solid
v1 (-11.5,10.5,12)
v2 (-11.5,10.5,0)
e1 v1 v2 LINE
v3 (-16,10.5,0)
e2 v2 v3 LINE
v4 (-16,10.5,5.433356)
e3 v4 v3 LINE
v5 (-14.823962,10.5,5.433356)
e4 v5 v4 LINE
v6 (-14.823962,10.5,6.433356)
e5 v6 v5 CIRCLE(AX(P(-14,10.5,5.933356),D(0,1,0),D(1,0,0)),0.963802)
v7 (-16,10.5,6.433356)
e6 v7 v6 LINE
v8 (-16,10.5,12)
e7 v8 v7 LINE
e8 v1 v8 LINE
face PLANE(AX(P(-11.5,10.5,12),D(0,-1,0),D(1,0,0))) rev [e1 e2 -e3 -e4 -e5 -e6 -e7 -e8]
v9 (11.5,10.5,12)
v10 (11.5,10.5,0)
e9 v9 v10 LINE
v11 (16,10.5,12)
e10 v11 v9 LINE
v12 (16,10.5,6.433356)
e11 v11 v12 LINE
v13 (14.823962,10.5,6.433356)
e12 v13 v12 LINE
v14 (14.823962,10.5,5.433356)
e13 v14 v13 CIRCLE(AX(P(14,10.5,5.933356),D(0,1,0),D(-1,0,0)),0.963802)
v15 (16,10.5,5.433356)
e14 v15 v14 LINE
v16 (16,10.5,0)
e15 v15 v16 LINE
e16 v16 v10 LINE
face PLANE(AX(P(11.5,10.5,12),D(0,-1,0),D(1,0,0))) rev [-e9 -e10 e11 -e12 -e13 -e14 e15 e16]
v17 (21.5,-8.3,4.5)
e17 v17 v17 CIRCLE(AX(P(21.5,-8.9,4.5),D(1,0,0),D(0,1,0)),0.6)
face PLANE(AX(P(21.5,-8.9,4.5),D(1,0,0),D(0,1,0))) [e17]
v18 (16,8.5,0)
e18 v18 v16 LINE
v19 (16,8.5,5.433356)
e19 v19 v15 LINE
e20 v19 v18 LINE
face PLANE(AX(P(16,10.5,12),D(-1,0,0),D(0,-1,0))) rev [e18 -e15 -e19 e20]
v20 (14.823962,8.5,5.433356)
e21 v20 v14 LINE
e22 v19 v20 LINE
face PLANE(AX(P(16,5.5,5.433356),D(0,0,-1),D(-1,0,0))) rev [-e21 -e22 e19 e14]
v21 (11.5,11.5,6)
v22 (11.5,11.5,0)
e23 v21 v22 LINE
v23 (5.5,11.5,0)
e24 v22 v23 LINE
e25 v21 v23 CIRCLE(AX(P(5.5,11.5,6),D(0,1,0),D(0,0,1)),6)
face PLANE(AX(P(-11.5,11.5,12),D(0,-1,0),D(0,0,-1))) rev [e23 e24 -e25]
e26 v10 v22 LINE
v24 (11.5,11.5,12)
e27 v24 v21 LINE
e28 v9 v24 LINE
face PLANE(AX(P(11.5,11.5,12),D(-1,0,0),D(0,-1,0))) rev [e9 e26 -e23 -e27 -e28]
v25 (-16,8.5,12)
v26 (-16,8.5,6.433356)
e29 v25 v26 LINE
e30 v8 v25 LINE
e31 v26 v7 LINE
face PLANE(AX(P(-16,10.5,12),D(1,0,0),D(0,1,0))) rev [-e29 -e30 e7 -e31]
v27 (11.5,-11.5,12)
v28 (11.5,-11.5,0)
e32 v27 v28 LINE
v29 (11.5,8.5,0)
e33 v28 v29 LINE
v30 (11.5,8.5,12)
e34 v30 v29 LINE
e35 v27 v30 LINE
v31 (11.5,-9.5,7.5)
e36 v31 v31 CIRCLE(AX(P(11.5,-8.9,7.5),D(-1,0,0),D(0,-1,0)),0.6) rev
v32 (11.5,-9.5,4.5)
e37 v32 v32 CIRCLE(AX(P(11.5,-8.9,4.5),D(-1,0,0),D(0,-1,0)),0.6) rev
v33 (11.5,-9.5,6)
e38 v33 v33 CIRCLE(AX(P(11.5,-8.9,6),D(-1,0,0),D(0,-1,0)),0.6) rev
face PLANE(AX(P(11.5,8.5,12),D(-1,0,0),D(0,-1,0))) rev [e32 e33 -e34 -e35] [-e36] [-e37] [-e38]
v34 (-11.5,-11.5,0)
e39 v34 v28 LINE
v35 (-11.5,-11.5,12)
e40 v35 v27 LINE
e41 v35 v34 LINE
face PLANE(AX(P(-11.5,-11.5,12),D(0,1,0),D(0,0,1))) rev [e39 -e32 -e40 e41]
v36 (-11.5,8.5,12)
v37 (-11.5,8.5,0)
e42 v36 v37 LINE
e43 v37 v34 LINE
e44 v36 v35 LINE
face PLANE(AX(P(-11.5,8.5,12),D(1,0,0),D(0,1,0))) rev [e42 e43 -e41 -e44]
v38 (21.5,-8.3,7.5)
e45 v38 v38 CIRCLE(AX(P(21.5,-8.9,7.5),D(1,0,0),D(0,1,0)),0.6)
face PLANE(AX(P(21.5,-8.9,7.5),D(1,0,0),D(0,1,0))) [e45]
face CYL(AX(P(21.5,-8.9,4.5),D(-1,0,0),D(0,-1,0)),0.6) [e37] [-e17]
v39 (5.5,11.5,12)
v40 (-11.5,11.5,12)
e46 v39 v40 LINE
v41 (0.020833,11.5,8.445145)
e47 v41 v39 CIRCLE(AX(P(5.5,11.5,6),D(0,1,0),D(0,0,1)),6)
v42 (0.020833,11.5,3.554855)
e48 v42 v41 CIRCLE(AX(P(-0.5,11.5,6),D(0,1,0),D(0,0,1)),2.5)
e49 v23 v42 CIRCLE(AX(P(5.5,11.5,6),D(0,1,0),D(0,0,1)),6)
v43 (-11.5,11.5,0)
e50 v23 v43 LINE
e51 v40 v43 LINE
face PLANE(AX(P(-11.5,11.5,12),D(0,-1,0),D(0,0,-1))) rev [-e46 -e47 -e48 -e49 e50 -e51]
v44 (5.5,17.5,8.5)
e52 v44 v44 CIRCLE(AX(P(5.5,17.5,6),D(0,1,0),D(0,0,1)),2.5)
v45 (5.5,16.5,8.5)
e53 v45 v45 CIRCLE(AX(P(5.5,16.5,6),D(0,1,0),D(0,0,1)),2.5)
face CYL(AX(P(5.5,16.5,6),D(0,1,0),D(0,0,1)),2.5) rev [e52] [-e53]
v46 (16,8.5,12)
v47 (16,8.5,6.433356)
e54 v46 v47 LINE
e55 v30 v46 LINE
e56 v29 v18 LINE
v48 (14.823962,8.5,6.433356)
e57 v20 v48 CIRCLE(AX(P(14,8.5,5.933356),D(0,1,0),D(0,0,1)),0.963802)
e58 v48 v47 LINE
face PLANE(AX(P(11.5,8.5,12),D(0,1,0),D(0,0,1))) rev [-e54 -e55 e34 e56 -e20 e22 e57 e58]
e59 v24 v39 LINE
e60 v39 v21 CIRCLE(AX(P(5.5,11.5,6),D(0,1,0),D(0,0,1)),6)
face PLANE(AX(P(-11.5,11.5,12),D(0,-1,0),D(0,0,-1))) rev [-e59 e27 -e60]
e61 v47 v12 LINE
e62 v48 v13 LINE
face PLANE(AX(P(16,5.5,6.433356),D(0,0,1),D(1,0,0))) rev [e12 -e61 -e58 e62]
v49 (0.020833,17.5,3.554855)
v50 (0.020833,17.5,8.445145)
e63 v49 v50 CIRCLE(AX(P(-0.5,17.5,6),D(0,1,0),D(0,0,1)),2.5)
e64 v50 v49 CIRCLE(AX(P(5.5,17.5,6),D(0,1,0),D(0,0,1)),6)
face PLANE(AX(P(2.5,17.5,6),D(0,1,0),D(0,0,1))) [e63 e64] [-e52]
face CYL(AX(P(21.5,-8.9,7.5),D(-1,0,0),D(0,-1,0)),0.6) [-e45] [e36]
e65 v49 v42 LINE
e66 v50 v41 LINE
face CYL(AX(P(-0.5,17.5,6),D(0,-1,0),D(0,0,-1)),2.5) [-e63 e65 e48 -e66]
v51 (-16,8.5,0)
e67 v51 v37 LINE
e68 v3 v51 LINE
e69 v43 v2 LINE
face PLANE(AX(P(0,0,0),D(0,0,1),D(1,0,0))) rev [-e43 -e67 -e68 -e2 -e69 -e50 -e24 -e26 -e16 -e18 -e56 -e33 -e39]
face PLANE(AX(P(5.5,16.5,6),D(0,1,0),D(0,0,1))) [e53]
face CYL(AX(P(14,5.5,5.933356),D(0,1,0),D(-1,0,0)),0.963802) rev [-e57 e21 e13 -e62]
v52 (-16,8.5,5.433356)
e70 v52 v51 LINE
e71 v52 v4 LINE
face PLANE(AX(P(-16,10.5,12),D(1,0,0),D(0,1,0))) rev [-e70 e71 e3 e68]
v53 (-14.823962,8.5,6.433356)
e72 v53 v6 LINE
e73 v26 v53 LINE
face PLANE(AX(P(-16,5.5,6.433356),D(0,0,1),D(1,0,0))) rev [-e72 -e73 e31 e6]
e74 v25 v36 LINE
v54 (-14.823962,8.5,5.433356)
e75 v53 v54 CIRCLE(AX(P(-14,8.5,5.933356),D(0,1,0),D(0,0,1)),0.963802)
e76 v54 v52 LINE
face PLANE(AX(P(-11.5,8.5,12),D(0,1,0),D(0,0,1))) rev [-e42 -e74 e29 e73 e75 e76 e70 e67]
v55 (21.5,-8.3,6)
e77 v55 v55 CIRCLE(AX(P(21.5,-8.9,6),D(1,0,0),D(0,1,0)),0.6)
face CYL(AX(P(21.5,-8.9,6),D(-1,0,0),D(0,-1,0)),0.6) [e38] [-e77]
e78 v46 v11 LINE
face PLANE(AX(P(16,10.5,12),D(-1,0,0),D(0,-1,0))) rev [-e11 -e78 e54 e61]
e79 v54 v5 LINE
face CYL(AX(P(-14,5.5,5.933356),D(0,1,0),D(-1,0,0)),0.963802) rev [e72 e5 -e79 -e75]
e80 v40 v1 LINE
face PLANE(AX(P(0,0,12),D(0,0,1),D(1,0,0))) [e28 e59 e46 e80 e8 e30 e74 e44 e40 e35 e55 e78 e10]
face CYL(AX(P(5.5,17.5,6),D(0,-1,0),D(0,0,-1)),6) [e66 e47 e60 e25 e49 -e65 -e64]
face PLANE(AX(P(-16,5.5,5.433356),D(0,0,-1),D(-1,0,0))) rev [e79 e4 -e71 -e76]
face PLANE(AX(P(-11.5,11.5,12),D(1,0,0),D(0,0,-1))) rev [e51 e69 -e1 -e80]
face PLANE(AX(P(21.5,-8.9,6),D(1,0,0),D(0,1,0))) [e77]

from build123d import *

# Parameters (mm, degrees)
EXTRUDE_1_DEPTH     = 12
EXTRUDE_2_DEPTH     = 6
CUT_EXTRUDE_1_DEPTH = 5
SKETCH_6_R          = 0.6
EXTRUDE_5_DEPTH     = 10
SKETCH_3_R          = 2.5
CUT_EXTRUDE_2_DEPTH = 1


with BuildPart() as part:
    # 草图1 → 凸台-拉伸1 (new body)
    with BuildSketch(Plane.XY):
        Polygon((-11.5, 11.5), (11.5, 11.5), (11.5, 10.5), (16, 10.5), (16, 8.5), (11.5, 8.5), (11.5, -11.5), (-11.5, -11.5), (-11.5, 8.5), (-16, 8.5), (-16, 10.5), (-11.5, 10.5), align=None)
    extrude(amount=EXTRUDE_1_DEPTH)

    # 草图2 → 凸台-拉伸2 (add)
    with BuildSketch(Plane(origin=(0, 11.5, 0), x_dir=(1, 0, 0), z_dir=(0, 1, 0))):
        with BuildLine():
            ThreePointArc((0.020833333, -8.445144707), (11.5, -6), (0.020833333, -3.554855293))
            ThreePointArc((0.020833333, -3.554855293), (-3, -6), (0.020833333, -8.445144707))
        make_face()
    extrude(amount=EXTRUDE_2_DEPTH)

    # 草图4 → 切除-拉伸1 (cut)
    with BuildSketch(Plane(origin=(0, 10.5, 0), x_dir=(1, 0, 0), z_dir=(0, 1, 0))):
        with BuildLine():
            Line((16, -5.433355599), (14.823962452, -5.433355599))
            ThreePointArc((14.823962452, -5.433355599), (13.036198089, -5.933355599), (14.823962452, -6.433355599))
            Line((14.823962452, -6.433355599), (16, -6.433355599))
            Line((16, -6.433355599), (16, -5.433355599))
        make_face()
        with BuildLine():
            Line((-16, -5.433355599), (-14.823962452, -5.433355599))
            ThreePointArc((-14.823962452, -5.433355599), (-13.036198089, -5.933355599), (-14.823962452, -6.433355599))
            Line((-14.823962452, -6.433355599), (-16, -6.433355599))
            Line((-16, -6.433355599), (-16, -5.433355599))
        make_face()
    extrude(amount=-CUT_EXTRUDE_1_DEPTH, mode=Mode.SUBTRACT)

    # 草图6 → 凸台-拉伸5 (add)
    with BuildSketch(Plane(origin=(11.5, 0, 0), x_dir=(0, 0, -1), z_dir=(1, 0, 0))):
        with Locations((-6, -8.9)):
            Circle(SKETCH_6_R)
        with Locations((-7.5, -8.9)):
            Circle(SKETCH_6_R)
        with Locations((-4.5, -8.9)):
            Circle(SKETCH_6_R)
    extrude(amount=EXTRUDE_5_DEPTH)

    # 草图3 → 切除-拉伸2 (cut)
    with BuildSketch(Plane(origin=(0, 17.5, 0), x_dir=(1, 0, 0), z_dir=(0, 1, 0))):
        with Locations((5.5, -6)):
            Circle(SKETCH_3_R)
    extrude(amount=-CUT_EXTRUDE_2_DEPTH, mode=Mode.SUBTRACT)


solid = part.part
